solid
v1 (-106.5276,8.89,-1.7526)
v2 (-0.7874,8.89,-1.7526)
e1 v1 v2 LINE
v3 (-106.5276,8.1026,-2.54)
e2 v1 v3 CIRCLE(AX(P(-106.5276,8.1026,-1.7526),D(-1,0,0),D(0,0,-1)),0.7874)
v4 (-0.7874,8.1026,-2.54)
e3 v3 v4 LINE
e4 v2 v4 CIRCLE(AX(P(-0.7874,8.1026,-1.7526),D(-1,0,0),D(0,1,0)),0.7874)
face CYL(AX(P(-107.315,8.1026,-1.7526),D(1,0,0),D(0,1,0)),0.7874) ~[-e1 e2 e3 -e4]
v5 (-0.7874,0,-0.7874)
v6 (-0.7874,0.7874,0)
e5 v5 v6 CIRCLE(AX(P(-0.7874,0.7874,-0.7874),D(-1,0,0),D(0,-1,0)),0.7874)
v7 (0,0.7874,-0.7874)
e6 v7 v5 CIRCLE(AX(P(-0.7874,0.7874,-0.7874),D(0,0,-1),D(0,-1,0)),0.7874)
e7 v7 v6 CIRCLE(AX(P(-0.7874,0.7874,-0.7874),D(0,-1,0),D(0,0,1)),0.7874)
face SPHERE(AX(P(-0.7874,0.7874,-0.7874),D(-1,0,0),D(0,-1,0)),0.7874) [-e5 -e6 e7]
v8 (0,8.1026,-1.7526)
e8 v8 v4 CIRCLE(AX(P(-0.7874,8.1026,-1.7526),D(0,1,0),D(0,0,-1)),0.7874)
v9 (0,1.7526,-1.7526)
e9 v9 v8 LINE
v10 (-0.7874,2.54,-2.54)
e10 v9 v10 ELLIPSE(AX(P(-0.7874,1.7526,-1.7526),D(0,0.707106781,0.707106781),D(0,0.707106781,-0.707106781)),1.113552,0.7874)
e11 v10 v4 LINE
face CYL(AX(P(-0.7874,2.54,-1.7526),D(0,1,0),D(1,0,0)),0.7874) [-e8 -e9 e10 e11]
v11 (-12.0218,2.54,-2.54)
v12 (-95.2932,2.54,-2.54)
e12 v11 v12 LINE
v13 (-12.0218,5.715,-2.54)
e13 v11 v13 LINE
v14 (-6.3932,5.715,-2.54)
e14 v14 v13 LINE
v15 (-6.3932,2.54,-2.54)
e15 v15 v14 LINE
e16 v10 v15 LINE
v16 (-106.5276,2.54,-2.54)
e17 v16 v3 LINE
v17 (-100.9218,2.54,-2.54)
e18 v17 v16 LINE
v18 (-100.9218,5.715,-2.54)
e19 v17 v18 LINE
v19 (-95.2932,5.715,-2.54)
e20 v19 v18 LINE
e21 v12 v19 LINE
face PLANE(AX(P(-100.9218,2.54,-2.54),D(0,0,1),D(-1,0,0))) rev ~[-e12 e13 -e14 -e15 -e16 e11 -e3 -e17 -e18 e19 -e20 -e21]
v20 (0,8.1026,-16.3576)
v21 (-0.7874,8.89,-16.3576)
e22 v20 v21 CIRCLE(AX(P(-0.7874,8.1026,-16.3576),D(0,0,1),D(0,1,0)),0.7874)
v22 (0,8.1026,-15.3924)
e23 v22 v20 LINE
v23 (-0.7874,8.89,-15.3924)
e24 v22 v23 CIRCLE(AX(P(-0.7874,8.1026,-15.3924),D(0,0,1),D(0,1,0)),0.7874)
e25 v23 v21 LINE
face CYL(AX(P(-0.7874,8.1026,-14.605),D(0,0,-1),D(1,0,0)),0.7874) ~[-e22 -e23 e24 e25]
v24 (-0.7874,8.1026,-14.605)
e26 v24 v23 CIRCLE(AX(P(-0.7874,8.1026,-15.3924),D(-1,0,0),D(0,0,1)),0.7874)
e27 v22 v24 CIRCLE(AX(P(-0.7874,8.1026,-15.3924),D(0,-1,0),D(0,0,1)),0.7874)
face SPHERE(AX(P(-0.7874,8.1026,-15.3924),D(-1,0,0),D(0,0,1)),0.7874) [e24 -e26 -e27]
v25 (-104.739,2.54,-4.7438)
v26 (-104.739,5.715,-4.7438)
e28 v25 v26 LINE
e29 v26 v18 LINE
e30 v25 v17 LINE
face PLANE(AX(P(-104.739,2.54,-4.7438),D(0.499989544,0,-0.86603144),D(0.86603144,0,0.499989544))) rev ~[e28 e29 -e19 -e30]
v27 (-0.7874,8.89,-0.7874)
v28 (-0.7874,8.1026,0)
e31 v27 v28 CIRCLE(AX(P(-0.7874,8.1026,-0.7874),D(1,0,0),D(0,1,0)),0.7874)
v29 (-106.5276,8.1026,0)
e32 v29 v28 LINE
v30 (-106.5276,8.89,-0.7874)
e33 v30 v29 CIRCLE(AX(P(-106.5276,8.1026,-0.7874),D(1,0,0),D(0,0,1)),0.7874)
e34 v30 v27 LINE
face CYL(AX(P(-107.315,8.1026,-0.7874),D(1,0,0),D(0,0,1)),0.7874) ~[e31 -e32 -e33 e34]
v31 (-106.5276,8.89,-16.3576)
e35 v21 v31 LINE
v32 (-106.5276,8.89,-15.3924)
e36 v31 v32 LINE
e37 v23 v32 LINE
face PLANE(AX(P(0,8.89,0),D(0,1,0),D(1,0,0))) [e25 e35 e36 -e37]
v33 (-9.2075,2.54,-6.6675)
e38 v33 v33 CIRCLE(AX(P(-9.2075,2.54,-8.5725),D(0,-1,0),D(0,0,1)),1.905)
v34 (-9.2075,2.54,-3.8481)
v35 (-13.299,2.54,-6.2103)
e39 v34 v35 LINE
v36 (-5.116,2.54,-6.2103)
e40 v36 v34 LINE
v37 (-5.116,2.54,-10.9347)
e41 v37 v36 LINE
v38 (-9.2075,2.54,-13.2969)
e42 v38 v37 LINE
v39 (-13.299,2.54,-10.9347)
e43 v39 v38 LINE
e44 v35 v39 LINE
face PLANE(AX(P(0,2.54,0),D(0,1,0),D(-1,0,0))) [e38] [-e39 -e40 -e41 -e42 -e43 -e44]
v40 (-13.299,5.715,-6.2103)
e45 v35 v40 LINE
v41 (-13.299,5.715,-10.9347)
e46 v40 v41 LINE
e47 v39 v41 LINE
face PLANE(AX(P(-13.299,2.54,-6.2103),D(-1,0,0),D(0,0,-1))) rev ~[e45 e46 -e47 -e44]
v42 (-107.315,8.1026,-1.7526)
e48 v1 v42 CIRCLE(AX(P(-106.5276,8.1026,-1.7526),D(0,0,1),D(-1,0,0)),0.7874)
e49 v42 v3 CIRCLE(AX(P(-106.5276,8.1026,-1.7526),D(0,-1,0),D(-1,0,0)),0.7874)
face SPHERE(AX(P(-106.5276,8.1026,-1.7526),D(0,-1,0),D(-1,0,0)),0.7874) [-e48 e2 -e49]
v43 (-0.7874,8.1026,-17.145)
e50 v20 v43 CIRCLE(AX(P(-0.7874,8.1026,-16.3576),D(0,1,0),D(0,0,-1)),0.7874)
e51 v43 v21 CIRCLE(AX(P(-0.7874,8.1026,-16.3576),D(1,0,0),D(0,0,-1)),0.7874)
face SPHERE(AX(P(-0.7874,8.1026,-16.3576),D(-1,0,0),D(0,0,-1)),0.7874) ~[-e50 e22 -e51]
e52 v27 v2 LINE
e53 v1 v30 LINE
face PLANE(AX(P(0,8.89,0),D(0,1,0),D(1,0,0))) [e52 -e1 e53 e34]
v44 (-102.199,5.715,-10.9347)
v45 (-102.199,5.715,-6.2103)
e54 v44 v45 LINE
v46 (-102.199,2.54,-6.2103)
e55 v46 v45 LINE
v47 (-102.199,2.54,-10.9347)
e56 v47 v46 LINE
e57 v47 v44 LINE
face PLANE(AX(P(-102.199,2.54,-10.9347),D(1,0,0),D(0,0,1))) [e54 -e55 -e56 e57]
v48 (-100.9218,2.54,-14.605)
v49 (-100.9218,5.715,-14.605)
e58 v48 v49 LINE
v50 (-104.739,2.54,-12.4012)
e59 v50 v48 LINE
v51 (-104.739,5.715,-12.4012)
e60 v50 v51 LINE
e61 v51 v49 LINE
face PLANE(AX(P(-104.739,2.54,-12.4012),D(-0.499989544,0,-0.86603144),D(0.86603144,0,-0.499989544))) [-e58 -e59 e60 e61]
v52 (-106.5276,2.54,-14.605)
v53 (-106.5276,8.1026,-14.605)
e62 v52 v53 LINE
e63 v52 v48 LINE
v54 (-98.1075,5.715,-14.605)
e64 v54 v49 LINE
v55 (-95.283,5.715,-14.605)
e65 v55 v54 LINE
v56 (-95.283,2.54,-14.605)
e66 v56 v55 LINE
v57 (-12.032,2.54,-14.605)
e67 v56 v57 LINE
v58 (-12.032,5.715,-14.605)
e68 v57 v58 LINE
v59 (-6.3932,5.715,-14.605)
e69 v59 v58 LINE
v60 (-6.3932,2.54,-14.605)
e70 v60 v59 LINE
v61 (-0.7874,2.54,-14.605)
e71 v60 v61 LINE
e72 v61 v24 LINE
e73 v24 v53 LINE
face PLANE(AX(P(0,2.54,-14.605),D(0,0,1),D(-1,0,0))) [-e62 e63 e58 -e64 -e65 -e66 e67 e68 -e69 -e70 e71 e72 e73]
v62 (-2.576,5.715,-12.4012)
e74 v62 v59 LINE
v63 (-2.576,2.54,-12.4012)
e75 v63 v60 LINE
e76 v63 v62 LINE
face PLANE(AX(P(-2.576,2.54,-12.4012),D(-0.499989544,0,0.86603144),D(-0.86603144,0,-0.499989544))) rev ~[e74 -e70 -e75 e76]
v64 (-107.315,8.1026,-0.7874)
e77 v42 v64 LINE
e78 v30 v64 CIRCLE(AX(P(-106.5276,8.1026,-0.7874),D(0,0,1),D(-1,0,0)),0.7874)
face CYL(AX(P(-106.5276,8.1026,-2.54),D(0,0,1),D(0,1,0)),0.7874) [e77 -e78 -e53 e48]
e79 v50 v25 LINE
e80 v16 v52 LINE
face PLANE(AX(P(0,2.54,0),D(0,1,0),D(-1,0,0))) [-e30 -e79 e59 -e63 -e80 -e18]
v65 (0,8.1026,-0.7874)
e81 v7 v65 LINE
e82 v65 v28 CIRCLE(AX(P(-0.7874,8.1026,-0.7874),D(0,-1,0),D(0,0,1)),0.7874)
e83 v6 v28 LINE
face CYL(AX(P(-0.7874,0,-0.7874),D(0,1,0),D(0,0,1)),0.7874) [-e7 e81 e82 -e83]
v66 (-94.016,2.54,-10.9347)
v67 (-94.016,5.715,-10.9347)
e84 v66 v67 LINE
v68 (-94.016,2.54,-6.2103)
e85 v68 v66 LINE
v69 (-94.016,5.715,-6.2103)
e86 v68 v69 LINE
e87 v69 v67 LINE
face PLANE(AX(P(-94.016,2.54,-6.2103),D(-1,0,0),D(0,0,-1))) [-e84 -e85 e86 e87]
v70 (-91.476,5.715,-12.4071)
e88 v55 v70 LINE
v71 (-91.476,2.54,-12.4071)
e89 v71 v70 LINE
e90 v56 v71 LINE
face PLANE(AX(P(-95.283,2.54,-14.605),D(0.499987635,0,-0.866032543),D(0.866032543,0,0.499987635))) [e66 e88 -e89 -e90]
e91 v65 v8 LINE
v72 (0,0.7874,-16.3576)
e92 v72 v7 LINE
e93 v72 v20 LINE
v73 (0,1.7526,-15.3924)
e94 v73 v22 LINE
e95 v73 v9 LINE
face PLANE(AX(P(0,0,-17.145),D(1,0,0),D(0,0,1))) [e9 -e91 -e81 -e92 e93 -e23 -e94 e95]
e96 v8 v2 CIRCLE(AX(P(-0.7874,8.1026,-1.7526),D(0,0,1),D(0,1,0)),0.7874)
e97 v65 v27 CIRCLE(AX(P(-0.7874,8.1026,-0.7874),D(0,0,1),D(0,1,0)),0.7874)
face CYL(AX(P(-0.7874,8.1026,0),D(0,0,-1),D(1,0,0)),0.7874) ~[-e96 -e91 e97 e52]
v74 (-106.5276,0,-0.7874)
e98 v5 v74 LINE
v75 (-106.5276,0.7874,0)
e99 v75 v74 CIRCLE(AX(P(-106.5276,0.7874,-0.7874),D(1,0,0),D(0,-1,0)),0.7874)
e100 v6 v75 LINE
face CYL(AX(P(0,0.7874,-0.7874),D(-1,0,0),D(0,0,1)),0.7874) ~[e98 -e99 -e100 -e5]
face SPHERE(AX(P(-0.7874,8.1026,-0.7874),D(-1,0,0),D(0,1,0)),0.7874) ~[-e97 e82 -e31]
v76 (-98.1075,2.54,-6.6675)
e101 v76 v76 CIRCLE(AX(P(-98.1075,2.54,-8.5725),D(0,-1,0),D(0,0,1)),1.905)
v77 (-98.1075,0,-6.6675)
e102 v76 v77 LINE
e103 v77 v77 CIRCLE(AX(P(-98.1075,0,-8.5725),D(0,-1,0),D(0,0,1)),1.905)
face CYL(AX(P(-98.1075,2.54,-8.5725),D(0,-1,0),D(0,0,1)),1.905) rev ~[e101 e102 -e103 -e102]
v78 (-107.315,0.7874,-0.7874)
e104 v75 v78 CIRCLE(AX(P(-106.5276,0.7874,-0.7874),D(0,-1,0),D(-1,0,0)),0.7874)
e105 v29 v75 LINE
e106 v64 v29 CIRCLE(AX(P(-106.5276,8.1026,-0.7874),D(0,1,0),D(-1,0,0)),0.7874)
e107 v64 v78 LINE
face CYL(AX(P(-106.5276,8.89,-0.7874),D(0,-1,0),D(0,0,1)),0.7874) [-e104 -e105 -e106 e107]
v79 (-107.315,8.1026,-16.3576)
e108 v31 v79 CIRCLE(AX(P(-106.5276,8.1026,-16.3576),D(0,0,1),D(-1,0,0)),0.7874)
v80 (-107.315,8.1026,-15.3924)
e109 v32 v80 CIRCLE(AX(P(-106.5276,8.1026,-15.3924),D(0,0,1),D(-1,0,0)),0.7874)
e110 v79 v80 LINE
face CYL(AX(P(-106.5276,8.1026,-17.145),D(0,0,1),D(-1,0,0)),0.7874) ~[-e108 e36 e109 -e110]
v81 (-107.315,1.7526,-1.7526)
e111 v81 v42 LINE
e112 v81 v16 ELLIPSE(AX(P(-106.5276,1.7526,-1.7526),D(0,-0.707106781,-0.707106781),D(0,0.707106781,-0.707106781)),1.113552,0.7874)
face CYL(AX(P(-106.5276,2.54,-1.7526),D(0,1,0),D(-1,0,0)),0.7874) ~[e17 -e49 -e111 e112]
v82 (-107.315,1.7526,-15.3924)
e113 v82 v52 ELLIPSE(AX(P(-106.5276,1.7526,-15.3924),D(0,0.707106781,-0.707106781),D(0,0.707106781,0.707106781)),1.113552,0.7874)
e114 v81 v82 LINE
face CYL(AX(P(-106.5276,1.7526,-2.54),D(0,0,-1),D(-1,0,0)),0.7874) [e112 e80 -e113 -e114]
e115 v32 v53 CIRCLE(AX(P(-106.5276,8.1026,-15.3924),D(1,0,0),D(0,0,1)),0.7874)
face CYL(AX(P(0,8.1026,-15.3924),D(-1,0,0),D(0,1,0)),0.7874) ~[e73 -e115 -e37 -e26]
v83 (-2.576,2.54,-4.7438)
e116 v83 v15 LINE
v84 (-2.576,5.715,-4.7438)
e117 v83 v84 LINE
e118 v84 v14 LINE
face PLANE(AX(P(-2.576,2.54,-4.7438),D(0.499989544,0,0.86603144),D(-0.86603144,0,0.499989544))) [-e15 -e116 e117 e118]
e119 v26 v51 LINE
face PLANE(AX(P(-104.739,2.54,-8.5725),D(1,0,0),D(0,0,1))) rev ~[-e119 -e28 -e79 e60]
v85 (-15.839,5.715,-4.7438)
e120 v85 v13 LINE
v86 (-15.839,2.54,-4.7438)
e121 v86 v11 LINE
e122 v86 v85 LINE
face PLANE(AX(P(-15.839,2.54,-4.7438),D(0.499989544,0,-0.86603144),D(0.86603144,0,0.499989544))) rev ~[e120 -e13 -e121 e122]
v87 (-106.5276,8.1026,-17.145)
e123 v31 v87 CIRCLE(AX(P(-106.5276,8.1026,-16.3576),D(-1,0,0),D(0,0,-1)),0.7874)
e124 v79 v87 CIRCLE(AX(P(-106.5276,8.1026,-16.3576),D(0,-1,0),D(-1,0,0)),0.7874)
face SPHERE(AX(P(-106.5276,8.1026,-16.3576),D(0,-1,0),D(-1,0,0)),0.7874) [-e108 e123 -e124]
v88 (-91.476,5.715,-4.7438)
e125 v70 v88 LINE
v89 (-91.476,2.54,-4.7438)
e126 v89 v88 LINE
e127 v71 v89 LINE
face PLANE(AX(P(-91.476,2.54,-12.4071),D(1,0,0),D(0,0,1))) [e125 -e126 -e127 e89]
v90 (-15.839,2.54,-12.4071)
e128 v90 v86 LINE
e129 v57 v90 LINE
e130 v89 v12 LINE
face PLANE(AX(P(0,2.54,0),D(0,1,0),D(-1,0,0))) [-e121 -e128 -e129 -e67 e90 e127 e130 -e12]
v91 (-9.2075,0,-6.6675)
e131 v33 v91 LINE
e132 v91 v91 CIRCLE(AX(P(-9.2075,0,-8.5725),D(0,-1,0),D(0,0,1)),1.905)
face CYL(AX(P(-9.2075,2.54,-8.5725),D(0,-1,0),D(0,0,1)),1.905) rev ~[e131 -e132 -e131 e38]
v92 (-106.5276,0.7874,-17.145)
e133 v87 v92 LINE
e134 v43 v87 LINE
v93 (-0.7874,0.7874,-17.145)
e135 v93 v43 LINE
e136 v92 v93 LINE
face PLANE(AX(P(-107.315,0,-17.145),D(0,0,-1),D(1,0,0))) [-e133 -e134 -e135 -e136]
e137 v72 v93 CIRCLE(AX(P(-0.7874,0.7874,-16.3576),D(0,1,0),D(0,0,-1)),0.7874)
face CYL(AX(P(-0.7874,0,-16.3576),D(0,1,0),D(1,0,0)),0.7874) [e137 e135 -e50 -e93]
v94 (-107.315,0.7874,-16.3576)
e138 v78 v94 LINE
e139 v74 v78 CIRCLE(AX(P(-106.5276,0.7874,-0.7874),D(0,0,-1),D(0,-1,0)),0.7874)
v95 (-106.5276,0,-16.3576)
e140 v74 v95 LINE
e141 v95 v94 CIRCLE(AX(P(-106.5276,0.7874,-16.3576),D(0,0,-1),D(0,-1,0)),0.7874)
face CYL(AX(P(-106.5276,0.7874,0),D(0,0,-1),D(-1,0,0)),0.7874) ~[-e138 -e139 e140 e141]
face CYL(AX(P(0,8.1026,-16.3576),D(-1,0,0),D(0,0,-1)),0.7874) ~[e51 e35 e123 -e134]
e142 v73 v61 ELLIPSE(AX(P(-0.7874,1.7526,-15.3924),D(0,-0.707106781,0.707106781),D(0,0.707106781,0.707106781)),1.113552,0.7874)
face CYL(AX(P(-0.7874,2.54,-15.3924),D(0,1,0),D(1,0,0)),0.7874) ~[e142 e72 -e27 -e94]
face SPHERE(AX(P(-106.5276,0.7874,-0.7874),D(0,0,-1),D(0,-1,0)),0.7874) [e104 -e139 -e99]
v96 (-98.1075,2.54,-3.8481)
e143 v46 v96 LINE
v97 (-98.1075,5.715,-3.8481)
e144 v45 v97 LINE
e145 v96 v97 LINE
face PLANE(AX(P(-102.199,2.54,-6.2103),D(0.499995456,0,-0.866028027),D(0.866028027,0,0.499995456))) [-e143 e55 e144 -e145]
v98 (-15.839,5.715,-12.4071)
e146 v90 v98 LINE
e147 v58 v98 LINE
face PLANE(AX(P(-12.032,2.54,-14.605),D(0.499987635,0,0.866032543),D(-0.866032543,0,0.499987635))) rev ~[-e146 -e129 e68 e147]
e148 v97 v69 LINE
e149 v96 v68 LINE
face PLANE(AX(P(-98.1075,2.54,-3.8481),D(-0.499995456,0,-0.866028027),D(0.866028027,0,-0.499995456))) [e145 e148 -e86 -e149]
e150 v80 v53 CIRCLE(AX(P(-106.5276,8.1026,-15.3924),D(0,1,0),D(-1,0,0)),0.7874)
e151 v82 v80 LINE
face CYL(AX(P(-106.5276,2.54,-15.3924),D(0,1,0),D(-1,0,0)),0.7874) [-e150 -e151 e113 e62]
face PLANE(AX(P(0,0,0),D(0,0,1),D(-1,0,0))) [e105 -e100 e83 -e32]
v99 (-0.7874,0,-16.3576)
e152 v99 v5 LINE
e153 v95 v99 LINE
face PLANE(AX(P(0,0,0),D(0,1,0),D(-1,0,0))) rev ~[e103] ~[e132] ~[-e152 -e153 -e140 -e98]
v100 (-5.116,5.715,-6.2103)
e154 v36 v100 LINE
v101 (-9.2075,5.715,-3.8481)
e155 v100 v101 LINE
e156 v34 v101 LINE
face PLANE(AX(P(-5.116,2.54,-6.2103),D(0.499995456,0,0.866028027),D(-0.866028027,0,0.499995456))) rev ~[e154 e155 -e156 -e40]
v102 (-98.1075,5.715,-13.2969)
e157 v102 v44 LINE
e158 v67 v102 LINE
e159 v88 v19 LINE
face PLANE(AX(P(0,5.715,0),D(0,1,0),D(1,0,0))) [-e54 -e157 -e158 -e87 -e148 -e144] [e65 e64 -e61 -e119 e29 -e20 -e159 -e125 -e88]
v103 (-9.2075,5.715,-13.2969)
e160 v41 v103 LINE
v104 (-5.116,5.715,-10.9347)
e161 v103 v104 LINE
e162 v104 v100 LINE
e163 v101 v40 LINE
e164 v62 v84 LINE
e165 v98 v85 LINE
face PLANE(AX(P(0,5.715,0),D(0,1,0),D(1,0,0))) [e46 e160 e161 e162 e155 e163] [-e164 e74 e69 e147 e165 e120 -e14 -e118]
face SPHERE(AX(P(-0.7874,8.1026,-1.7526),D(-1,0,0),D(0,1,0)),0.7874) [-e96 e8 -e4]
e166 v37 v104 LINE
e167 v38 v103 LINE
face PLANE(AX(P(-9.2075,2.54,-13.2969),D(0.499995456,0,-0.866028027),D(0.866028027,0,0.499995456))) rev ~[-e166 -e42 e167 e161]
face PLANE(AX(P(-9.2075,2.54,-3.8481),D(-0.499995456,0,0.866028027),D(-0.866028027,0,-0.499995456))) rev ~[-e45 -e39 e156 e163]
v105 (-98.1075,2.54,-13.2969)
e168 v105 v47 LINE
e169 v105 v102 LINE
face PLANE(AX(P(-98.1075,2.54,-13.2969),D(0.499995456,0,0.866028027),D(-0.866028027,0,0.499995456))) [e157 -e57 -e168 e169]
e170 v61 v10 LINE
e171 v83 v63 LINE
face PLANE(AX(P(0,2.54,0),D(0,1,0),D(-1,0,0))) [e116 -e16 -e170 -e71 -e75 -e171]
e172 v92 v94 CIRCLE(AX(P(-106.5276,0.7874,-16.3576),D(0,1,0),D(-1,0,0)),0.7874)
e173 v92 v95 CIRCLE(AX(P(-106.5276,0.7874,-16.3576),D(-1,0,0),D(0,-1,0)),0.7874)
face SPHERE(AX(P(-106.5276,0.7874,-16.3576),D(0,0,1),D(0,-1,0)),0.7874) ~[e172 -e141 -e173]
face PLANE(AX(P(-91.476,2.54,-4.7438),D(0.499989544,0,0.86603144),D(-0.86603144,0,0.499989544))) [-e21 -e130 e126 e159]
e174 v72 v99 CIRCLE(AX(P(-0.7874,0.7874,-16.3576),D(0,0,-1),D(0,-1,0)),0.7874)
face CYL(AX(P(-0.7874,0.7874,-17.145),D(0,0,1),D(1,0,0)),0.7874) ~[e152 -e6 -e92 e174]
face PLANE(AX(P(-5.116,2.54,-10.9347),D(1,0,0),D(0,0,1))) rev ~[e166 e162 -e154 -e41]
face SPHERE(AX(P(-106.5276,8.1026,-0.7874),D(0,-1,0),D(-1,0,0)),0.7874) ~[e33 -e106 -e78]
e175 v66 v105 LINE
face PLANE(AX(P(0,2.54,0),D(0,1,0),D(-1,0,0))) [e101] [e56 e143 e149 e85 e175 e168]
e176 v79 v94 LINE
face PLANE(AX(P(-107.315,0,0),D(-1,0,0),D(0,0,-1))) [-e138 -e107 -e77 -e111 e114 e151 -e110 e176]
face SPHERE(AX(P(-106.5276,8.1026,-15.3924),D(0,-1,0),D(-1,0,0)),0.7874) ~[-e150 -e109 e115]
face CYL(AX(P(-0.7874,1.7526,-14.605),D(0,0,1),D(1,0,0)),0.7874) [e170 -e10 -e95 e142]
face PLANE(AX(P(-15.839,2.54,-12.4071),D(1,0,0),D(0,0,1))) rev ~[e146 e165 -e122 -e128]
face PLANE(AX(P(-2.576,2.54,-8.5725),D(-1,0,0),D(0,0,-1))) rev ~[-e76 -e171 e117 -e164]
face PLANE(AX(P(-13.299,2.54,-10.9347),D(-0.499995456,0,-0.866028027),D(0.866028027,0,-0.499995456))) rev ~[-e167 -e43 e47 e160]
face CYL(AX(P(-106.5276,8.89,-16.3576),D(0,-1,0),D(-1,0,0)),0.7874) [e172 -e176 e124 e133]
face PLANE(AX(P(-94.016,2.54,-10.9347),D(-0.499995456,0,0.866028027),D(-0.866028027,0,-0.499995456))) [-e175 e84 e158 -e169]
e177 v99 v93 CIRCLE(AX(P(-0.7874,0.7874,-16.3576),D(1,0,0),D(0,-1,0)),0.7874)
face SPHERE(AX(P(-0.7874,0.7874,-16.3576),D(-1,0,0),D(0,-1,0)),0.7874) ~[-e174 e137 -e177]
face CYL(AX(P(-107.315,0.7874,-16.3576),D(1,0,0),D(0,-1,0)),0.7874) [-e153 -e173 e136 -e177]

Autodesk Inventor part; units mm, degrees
ref_plane "YZ Plane" through (0, 0, 0) normal (1, 0, 0) x (0, 1, 0)
ref_plane "XZ Plane" through (0, 0, 0) normal (0, 1, 0) x (-1, 0, 0)
ref_plane "XY Plane" through (0, 0, 0) normal (0, 0, 1) x (1, 0, 0)
sketch "Sketch1" plane through (0, 0, 0) normal (0, 1, 0) x (-1, 0, 0)
  line L0 (0, 0) -> (107.315, 0)
  line L1 (107.315, 0) -> (107.315, -17.145)
  line L2 (107.315, 0) -> (124.46, 0) construction
  line L3 (107.315, -17.145) -> (0, -17.145)
  line L4 (0, -17.145) -> (0, 0)
  dimension "d0" = 107.315
  dimension "d1" = 17.145
  dimension "d2" = 90
extrude "Extrusion1" add sketch "Sketch1" along normal blind 2.54
sketch "Sketch2" plane through (0, 2.54, 0) normal (0, 1, 0) x (1, 0, 0)
  line L0 (0, 0) -> (0, 17.145) projected
  line L1 (0, 8.5725) -> (-9.2075, 8.5725) construction
  line L2 (0, 8.5725) -> (-2.576, 8.5725)
  line L3 (-2.576, 8.5725) -> (-2.576, 12.4012)
  line L4 (-2.576, 8.5725) -> (-2.576, 4.7438)
  line L5 (0, 17.145) -> (0, 14.605)
  line L6 (0, 14.605) -> (-107.315, 14.605)
  line L7 (-107.315, 17.145) -> (-107.315, 0) projected
  line L8 (-107.315, 14.605) -> (-107.315, 17.145)
  line L9 (0, 17.145) -> (-107.315, 17.145) projected
  line L10 (-107.315, 17.145) -> (0, 17.145)
  line L11 (0, 0) -> (0, 2.54)
  line L12 (0, 2.54) -> (-107.315, 2.54)
  line L13 (-107.315, 0) -> (0, 0)
  line L14 (-2.576, 12.4012) -> (-6.3932, 14.605)
  line L15 (-6.3932, 14.605) -> (-12.032, 14.605)
  line L16 (-2.576, 4.7438) -> (-6.3932, 2.54)
  line L17 (-12.032, 14.605) -> (-15.839, 12.4071)
  line L18 (-15.839, 12.4071) -> (-15.839, 4.7438)
  line L19 (-15.839, 4.7438) -> (-12.0218, 2.54)
  line L20 (-9.2075, 13.2969) -> (-5.116, 10.9347)
  line L21 (-5.116, 10.9347) -> (-5.116, 6.2103)
  line L22 (-5.116, 6.2103) -> (-9.2075, 3.8481)
  line L23 (-9.2075, 3.8481) -> (-13.299, 6.2103)
  line L24 (-13.299, 6.2103) -> (-13.299, 10.9347)
  line L25 (-13.299, 10.9347) -> (-9.2075, 13.2969)
  line L26 (-53.6575, 14.605) -> (-53.6575, 2.54) construction
  line L27 (-107.315, 8.5725) -> (-98.1075, 8.5725) construction
  line L28 (-107.315, 8.5725) -> (-104.739, 8.5725)
  line L29 (-104.739, 8.5725) -> (-104.739, 12.4012)
  line L30 (-104.739, 8.5725) -> (-104.739, 4.7438)
  line L31 (-104.739, 12.4012) -> (-100.9218, 14.605)
  line L32 (-104.739, 4.7438) -> (-100.9218, 2.54)
  line L33 (-95.283, 14.605) -> (-91.476, 12.4071)
  line L34 (-91.476, 12.4071) -> (-91.476, 4.7438)
  line L35 (-91.476, 4.7438) -> (-95.2932, 2.54)
  line L36 (-98.1075, 8.5725) -> (-98.1075, 14.605)
  line L37 (-98.1075, 13.2969) -> (-102.199, 10.9347)
  line L38 (-102.199, 10.9347) -> (-102.199, 6.2103)
  line L39 (-102.199, 6.2103) -> (-98.1075, 3.8481)
  line L40 (-98.1075, 3.8481) -> (-94.016, 6.2103)
  line L41 (-94.016, 6.2103) -> (-94.016, 10.9347)
  line L42 (-94.016, 10.9347) -> (-98.1075, 13.2969)
  line L43 (-100.9218, 14.605) -> (-95.283, 14.605)
  line L44 (-100.9218, 2.54) -> (-95.2932, 2.54)
  point P0 (-8.3776, 2.54)
  point P1 (-9.2075, 14.605)
  dimension "d5" = 9.2075
  dimension "d16" = 2.54
  dimension "d17" = 90
  dimension "d18" = 2.54
  dimension "d20" = 5.6388
  dimension "d30" = 4.7244
  dimension "d43" = 2.54
  dimension "d44" = 2.54
  dimension "d45" = 2.54
  dimension "d46" = 2.54
hole "Hole1" at (-9.2075, 2.54, -8.5725) direction (0, -1, 0) diameter 3.81 end through all
extrude "Extrusion2" add sketch "Sketch2" along normal blind 6.35 contours L13 L7 L12 L0 | L6 L7 L9 L0
extrude "Extrusion4" add sketch "Sketch2" along normal blind 3.175 contours L12 L19 L18 L17 L6 L14 L3 L4 L16 | L32 L30 L29 L31 L6 L33 L34 L35 L12
hole "Hole2" at (-98.1075, 2.54, -8.5725) direction (0, -1, 0) diameter 3.81 end through all
fillet "Fillet1" radius 0.7874 22 edges at (-107.315, 0, -8.5725) (-53.6575, 0, 0) (-53.6575, 0, -17.145) (0, 0, -8.5725) (-107.315, 4.445, -17.145) (-107.315, 5.715, -14.605) (-107.315, 2.54, -8.5725) (-107.315, 5.715, -2.54) (-107.315, 4.445, 0) (-107.315, 8.89, -1.27) (-107.315, 8.89, -15.875) (-53.6575, 8.89, -17.145) (-53.6575, 8.89, -14.605) (-53.6575, 8.89, -2.54) (-53.6575, 8.89, 0) (0, 8.89, -1.27) (0, 4.445, 0) (0, 5.715, -2.54) (0, 2.54, -8.5725) (0, 5.715, -14.605) (0, 4.445, -17.145) (0, 8.89, -15.875)
equation "\"BendRadius\" = Thickness"
equation "\"BendReliefWidth\" = Thickness"
equation "\"BendReliefDepth\" = 0.5 * Thickness"
equation "\"CornerReliefSize\" = 4 * Thickness"
equation "\"MinimumRemnant\" = 2 * Thickness"
equation "\"TransitionRadius\" = BendRadius"
equation "\"JacobiRadiusSize\" = Thickness"
equation "\"GapSize\" = Thickness"
equation "\"Thickness\" = 3.048"
properties part number "LiDAR_mount_sweepclamp_Rev.1"
